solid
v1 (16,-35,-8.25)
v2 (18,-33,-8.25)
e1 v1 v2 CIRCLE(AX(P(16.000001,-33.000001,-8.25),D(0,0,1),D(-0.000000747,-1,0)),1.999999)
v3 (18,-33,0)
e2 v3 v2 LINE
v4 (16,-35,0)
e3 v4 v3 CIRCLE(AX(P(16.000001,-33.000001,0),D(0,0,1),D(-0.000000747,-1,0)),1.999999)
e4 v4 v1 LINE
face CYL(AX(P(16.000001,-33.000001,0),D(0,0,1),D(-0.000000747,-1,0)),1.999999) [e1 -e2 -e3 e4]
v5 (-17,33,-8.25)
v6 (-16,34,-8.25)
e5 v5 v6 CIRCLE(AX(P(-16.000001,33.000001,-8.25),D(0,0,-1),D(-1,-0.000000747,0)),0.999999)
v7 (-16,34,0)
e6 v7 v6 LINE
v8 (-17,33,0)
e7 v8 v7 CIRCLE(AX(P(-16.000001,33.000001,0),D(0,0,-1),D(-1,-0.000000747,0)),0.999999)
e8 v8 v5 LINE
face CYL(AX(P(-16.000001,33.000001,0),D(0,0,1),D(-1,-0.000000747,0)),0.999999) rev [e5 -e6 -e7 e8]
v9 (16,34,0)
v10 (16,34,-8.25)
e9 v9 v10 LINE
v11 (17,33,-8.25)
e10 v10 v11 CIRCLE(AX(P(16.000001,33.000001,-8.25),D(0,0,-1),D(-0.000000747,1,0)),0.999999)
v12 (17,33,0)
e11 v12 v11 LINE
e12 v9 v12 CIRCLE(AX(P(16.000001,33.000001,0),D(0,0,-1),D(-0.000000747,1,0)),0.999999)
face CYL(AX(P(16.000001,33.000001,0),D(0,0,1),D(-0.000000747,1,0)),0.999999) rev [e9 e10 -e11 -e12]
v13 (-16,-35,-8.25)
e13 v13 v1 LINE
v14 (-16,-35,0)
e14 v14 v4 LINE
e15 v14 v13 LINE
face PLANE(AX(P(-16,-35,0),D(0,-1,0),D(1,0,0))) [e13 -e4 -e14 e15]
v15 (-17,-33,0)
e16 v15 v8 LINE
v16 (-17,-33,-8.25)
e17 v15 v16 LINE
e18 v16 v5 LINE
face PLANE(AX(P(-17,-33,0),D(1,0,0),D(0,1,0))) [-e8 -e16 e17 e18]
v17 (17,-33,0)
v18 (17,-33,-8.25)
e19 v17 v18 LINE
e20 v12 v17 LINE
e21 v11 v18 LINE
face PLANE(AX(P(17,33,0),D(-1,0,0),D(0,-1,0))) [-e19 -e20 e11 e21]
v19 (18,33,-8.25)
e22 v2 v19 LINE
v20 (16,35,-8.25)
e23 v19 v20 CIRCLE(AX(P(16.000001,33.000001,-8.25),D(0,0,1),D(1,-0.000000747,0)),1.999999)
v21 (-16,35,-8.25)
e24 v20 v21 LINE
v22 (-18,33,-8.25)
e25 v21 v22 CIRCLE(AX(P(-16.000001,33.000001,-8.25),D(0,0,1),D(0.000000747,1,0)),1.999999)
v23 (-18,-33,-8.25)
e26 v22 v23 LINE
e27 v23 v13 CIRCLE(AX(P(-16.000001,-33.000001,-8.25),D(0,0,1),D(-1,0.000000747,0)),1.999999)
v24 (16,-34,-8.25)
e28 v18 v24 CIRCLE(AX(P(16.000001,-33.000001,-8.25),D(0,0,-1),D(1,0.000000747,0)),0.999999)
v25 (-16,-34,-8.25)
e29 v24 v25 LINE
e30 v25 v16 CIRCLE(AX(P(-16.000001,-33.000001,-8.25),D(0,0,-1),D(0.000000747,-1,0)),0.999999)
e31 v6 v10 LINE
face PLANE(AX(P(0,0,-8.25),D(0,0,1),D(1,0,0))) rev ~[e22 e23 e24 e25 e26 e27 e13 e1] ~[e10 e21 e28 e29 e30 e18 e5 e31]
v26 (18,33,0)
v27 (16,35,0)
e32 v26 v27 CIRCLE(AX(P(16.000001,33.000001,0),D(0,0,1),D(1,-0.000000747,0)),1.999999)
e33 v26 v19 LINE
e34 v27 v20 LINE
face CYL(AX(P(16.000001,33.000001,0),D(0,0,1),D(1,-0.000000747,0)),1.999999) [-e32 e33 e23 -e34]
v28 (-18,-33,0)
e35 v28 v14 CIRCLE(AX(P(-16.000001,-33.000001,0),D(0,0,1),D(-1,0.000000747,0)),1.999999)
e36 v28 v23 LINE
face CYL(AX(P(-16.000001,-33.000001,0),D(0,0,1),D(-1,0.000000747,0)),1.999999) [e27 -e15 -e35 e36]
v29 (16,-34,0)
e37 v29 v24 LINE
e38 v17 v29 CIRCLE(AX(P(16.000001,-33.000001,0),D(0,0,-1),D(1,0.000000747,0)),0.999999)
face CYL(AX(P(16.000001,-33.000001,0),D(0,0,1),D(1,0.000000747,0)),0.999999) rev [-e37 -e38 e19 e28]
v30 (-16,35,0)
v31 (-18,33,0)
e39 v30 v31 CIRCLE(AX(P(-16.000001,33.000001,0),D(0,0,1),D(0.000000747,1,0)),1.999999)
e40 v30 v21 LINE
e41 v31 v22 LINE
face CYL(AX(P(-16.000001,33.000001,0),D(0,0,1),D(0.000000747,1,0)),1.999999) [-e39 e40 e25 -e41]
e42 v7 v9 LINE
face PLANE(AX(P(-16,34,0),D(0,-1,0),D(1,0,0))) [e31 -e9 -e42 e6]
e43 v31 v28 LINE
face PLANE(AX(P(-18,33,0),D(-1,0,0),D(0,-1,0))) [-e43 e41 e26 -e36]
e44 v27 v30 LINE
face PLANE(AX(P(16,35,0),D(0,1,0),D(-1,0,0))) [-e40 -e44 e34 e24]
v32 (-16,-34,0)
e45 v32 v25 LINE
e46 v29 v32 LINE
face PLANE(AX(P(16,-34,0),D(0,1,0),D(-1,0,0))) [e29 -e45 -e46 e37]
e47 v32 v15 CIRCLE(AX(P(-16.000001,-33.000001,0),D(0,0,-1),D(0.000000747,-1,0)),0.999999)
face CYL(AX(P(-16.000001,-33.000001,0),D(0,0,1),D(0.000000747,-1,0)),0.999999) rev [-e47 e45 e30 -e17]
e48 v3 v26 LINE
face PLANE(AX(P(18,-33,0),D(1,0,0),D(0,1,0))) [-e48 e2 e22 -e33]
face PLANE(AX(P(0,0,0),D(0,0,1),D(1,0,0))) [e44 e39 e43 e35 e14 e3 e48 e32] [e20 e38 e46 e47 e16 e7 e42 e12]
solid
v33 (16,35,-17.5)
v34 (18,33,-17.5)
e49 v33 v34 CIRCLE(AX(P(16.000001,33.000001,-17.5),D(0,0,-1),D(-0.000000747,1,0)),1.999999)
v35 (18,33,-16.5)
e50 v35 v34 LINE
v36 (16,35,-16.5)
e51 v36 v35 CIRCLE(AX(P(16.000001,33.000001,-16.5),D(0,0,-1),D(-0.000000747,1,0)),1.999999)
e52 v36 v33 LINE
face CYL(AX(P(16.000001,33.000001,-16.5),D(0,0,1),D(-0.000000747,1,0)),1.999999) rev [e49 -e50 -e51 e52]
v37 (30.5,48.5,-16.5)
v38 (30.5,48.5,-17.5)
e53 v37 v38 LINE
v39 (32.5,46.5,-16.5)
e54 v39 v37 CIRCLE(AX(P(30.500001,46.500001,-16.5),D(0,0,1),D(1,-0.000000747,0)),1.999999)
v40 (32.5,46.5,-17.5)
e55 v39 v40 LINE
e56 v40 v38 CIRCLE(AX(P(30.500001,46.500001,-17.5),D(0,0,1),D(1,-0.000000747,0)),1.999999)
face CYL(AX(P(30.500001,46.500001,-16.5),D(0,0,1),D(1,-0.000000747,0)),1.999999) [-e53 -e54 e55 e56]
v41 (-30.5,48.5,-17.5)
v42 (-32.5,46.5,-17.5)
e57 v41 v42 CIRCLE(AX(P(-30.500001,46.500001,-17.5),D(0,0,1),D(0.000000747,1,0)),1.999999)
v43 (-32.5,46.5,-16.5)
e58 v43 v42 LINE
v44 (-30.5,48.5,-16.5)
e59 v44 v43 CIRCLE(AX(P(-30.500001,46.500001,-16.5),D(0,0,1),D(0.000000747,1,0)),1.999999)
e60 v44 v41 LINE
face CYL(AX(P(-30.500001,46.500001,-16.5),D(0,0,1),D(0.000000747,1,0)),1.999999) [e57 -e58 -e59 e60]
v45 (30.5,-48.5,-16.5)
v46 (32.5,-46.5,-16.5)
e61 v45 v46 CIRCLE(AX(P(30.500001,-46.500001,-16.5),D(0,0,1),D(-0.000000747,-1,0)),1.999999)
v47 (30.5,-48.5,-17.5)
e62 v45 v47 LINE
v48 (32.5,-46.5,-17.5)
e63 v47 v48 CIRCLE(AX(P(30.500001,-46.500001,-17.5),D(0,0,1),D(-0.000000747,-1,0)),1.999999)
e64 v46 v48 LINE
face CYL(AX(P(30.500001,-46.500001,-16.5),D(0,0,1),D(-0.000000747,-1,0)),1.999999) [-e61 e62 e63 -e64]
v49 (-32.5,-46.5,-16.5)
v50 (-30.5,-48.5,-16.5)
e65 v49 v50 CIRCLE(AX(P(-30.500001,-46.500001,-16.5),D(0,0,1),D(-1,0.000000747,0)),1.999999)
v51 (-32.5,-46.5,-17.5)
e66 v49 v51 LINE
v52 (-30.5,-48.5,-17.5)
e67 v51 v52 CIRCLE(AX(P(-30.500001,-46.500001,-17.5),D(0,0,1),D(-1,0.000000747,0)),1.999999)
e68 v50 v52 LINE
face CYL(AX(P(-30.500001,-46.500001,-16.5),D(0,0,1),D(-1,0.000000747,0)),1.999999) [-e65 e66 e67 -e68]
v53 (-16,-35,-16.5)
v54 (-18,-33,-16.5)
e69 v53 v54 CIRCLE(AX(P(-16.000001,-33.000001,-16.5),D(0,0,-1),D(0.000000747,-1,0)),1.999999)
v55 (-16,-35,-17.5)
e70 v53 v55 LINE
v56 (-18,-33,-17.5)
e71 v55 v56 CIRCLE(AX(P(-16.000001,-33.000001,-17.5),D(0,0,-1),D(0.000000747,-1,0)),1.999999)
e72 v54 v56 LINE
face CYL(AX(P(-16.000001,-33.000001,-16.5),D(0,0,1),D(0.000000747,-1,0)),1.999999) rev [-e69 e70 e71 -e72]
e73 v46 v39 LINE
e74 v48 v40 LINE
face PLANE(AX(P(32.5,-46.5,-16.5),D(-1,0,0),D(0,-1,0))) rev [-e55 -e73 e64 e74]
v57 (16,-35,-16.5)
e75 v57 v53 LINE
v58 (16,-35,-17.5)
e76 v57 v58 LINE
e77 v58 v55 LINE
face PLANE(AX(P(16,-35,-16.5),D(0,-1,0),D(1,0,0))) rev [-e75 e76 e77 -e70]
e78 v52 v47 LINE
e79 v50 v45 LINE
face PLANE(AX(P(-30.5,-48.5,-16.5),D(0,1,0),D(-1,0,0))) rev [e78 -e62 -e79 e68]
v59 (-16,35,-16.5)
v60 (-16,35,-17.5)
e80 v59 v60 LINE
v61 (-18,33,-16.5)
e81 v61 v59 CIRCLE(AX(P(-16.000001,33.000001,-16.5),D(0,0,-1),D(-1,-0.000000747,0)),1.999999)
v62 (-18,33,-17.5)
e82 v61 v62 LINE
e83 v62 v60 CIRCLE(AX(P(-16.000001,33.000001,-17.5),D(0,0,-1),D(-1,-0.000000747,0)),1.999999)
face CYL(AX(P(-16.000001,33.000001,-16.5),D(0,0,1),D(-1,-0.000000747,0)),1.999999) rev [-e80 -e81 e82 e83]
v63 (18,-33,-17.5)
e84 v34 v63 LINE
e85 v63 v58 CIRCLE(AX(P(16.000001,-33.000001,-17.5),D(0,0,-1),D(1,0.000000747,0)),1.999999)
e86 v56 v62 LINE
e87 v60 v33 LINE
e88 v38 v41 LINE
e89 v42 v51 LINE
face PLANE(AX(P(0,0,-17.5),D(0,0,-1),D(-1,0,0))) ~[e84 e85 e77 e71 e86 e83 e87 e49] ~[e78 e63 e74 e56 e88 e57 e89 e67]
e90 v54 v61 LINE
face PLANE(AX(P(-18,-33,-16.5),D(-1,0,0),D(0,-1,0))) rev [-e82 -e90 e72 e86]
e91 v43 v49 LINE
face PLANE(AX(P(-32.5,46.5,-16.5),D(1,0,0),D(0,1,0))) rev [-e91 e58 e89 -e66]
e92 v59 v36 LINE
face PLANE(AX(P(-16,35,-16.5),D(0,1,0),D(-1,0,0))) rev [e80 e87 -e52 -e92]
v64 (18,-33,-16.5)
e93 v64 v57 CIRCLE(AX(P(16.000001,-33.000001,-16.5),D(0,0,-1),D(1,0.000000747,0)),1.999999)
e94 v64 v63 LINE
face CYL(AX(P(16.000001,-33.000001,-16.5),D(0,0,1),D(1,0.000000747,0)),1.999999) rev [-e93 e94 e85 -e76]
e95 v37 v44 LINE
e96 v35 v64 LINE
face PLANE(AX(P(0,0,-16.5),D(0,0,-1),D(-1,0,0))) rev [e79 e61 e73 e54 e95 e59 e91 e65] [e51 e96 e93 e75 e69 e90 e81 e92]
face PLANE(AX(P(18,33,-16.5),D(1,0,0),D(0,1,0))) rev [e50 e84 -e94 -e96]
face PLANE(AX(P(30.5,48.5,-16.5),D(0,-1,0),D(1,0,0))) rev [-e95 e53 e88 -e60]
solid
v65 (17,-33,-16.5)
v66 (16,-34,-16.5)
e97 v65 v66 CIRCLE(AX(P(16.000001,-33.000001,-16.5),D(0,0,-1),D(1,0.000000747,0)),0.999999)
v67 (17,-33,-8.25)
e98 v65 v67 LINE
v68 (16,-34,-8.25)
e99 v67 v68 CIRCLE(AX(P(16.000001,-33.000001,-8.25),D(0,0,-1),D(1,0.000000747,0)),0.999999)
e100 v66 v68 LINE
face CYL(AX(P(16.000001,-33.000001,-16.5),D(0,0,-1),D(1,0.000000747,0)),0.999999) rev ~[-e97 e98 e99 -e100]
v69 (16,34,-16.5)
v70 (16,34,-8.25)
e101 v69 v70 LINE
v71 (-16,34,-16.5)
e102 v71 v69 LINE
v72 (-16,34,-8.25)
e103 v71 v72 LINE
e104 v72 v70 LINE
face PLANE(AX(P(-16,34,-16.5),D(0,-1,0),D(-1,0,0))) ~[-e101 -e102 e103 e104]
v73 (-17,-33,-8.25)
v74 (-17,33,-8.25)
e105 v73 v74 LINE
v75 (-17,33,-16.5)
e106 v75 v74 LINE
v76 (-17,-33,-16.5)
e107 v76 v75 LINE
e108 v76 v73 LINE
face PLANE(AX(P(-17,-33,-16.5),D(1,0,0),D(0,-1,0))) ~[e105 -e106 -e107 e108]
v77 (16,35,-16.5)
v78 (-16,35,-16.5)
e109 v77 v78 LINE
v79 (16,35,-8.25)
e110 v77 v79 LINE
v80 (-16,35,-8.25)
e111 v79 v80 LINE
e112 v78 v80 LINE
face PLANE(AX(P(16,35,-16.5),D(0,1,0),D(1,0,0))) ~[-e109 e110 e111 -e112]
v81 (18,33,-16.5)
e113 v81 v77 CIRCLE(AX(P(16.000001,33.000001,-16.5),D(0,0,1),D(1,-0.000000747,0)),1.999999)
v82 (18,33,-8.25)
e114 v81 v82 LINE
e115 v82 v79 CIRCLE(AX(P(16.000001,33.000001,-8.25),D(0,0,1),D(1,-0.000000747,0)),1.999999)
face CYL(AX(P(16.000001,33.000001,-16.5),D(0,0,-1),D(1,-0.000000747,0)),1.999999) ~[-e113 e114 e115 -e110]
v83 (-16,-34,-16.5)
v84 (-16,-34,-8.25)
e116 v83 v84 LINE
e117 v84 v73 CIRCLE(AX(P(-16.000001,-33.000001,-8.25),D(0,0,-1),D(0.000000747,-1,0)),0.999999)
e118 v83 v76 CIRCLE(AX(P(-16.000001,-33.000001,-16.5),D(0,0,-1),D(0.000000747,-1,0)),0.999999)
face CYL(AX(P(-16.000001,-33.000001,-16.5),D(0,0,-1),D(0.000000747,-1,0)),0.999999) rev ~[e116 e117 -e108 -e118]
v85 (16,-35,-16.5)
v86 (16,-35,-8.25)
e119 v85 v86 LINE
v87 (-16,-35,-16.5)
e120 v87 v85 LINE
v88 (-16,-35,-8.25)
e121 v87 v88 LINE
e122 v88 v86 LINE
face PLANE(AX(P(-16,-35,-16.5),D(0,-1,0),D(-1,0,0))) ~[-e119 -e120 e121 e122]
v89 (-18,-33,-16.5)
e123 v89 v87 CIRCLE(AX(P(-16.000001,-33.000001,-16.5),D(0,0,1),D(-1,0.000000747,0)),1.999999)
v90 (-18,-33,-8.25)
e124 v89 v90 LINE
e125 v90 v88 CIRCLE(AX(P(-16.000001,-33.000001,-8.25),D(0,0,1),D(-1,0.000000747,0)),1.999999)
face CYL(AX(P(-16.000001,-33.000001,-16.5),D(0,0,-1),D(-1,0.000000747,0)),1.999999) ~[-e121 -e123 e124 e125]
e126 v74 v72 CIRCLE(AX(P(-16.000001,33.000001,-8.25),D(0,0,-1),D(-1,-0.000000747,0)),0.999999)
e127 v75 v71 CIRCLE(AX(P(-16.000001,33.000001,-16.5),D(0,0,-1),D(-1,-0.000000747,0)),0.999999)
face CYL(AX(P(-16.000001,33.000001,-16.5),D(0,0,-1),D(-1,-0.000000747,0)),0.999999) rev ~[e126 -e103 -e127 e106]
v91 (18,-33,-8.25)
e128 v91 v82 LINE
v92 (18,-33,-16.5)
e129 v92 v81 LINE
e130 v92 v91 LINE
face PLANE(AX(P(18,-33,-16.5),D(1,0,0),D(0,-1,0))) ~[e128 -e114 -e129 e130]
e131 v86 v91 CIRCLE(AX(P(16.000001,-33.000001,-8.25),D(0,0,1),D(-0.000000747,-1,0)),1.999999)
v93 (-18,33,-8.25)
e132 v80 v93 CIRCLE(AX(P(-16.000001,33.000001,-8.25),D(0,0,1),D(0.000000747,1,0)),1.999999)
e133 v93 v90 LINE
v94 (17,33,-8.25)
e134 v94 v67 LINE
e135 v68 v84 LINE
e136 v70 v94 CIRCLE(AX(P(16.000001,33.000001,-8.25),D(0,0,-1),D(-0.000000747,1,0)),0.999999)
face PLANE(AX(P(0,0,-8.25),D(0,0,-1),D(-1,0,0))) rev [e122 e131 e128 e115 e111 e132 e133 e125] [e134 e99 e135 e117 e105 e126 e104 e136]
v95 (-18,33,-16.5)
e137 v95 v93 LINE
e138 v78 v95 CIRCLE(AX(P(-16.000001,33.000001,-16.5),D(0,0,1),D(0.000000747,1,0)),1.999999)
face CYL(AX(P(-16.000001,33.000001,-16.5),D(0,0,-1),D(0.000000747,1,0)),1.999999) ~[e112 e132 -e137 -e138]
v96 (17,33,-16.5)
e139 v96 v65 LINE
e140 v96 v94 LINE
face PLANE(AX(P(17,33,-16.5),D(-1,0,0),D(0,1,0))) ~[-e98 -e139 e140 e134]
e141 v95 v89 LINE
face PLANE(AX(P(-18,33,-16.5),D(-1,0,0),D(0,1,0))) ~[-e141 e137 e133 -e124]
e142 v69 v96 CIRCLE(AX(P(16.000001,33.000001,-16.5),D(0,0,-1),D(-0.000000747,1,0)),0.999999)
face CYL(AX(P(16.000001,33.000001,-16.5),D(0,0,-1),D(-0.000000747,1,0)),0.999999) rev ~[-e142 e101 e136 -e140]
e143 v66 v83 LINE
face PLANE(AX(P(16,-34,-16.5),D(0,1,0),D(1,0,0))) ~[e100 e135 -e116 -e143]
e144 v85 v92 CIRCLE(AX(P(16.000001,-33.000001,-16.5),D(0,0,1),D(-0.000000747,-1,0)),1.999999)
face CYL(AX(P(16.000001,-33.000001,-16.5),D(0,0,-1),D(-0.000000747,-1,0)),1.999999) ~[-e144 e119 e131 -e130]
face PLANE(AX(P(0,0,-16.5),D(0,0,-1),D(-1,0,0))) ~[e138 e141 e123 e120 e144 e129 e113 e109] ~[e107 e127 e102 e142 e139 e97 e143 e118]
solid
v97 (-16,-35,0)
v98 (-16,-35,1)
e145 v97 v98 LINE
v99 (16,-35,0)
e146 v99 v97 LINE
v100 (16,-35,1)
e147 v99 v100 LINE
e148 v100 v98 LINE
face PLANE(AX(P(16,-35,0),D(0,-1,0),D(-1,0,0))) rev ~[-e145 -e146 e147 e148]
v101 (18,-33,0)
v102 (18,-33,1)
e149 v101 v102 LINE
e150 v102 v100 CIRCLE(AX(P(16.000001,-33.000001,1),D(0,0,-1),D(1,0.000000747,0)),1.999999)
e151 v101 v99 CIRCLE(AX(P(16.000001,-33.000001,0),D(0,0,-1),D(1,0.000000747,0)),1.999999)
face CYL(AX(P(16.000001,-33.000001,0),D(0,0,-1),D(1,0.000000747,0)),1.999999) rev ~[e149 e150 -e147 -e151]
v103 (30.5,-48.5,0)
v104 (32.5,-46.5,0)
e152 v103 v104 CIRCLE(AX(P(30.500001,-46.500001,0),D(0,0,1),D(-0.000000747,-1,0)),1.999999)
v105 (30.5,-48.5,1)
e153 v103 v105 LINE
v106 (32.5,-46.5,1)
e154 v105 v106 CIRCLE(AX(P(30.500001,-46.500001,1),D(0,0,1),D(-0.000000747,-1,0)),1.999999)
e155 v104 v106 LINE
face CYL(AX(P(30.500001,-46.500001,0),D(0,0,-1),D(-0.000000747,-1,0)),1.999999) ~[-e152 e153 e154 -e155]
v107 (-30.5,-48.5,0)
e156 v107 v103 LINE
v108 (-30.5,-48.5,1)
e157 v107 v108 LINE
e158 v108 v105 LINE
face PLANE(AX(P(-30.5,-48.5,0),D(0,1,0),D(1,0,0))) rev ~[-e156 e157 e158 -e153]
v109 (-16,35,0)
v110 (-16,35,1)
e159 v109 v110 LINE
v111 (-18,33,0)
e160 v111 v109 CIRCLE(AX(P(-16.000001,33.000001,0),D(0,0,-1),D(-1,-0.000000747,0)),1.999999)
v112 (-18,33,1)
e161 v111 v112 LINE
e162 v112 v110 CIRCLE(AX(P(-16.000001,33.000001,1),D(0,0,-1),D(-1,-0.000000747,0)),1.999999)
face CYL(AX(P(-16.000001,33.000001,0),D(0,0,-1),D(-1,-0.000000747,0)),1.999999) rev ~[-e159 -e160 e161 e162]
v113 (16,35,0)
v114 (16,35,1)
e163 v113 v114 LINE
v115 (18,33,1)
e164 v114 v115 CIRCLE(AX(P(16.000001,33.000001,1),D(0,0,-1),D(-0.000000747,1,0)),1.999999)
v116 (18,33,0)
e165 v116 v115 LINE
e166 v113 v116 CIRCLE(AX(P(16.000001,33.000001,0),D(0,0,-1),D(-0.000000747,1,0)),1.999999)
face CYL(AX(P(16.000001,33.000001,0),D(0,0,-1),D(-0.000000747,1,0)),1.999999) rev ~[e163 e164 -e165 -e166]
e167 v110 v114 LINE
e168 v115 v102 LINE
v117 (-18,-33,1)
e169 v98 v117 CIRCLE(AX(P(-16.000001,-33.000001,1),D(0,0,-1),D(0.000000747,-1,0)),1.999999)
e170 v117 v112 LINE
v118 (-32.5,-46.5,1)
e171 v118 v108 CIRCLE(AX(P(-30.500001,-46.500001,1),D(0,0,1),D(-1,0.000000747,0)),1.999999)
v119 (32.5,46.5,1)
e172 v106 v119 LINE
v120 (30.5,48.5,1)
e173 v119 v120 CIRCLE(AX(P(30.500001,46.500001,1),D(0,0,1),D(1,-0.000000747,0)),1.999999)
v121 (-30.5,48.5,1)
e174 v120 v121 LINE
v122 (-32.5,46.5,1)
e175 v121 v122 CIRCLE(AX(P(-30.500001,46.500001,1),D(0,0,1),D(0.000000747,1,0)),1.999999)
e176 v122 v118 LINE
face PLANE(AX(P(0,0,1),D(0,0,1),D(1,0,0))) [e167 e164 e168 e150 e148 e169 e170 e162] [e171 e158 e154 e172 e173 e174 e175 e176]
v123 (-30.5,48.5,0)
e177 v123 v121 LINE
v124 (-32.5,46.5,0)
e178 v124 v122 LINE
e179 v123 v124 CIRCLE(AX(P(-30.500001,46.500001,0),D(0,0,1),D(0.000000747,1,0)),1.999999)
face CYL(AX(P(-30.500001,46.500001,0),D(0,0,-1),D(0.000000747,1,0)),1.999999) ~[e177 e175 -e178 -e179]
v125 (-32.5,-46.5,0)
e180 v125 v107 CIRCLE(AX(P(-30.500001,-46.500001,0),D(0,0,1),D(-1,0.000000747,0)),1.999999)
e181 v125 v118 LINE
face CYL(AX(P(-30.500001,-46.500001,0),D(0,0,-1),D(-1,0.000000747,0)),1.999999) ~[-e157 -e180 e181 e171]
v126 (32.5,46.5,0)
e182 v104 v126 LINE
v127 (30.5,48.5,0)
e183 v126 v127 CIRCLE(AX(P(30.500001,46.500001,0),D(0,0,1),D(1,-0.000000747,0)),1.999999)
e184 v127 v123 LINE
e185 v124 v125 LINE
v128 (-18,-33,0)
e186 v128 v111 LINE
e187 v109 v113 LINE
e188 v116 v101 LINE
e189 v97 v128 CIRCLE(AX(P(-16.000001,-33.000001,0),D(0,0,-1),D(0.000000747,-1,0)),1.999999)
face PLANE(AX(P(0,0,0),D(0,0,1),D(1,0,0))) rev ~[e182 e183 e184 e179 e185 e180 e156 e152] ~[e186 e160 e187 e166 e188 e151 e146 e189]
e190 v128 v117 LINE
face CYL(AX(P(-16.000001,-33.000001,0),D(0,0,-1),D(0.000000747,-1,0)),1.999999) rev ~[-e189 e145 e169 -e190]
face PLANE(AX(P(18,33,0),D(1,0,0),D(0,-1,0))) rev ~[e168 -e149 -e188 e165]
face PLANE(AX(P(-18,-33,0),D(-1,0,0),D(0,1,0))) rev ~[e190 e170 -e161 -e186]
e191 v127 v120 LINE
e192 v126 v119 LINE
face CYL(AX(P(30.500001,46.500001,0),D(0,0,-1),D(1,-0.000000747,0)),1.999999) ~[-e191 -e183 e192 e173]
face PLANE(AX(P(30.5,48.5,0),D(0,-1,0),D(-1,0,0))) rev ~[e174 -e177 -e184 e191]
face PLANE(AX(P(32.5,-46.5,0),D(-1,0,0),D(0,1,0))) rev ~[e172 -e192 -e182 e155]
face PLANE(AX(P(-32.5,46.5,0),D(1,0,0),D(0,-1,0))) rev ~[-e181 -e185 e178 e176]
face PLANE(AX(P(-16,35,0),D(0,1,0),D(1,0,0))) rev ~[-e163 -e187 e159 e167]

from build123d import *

# Parameters (mm, degrees)
F1_DEPTH = 1
F2_DEPTH = 8.25


with BuildPart() as f1:
    # F0 (on Top) → F1 (new body)
    with BuildSketch(Plane.XY):
        with BuildLine():
            Line((32.5, -46.5), (32.5, 0))
            Line((32.5, 0), (32.5, 46.5))
            ThreePointArc((32.5, 46.5), (31.914214, 47.914214), (30.5, 48.5))
            Line((30.5, 48.5), (0, 48.5))
            Line((0, 48.5), (-30.5, 48.5))
            ThreePointArc((-30.5, 48.5), (-31.914214, 47.914214), (-32.5, 46.5))
            Line((-32.5, 46.5), (-32.5, 0))
            Line((-32.5, 0), (-32.5, -46.5))
            ThreePointArc((-32.5, -46.5), (-31.914214, -47.914214), (-30.5, -48.5))
            Line((-30.5, -48.5), (0, -48.5))
            Line((0, -48.5), (30.5, -48.5))
            ThreePointArc((30.5, -48.5), (31.914214, -47.914214), (32.5, -46.5))
        make_face()
        with BuildLine():
            ThreePointArc((16, 35), (17.414214, 34.414214), (18, 33))
            Line((18, 33), (18, -33))
            ThreePointArc((18, -33), (17.414214, -34.414214), (16, -35))
            Line((16, -35), (-16, -35))
            ThreePointArc((-16, -35), (-17.414214, -34.414214), (-18, -33))
            Line((-18, -33), (-18, 33))
            ThreePointArc((-18, 33), (-17.414214, 34.414214), (-16, 35))
            Line((-16, 35), (16, 35))
        make_face(mode=Mode.SUBTRACT)
    extrude(amount=F1_DEPTH)


with BuildPart() as f2:
    # F0 (on Top) → F2 (new body)
    with BuildSketch(Plane.XY):
        with BuildLine():
            Line((18, -33), (18, 33))
            ThreePointArc((18, 33), (17.414214, 34.414214), (16, 35))
            Line((16, 35), (-16, 35))
            ThreePointArc((-16, 35), (-17.414214, 34.414214), (-18, 33))
            Line((-18, 33), (-18, -33))
            ThreePointArc((-18, -33), (-17.414214, -34.414214), (-16, -35))
            Line((-16, -35), (16, -35))
            ThreePointArc((16, -35), (17.414214, -34.414214), (18, -33))
        make_face()
        with BuildLine():
            ThreePointArc((16, 34), (16.707107, 33.707107), (17, 33))
            Line((17, 33), (17, -33))
            ThreePointArc((17, -33), (16.707107, -33.707107), (16, -34))
            Line((16, -34), (-16, -34))
            ThreePointArc((-16, -34), (-16.707107, -33.707107), (-17, -33))
            Line((-17, -33), (-17, 33))
            ThreePointArc((-17, 33), (-16.707107, 33.707107), (-16, 34))
            Line((-16, 34), (16, 34))
        make_face(mode=Mode.SUBTRACT)
    extrude(amount=-F2_DEPTH)


with BuildPart() as f4_1:
    # F4: instance of F1
    add(f1.part.mirror(Plane.XY.offset(-8.25)))


with BuildPart() as f4_2:
    # F4: instance of F2
    add(f2.part.mirror(Plane.XY.offset(-8.25)))


solid = Compound([f1.part, f2.part, f4_1.part, f4_2.part])
